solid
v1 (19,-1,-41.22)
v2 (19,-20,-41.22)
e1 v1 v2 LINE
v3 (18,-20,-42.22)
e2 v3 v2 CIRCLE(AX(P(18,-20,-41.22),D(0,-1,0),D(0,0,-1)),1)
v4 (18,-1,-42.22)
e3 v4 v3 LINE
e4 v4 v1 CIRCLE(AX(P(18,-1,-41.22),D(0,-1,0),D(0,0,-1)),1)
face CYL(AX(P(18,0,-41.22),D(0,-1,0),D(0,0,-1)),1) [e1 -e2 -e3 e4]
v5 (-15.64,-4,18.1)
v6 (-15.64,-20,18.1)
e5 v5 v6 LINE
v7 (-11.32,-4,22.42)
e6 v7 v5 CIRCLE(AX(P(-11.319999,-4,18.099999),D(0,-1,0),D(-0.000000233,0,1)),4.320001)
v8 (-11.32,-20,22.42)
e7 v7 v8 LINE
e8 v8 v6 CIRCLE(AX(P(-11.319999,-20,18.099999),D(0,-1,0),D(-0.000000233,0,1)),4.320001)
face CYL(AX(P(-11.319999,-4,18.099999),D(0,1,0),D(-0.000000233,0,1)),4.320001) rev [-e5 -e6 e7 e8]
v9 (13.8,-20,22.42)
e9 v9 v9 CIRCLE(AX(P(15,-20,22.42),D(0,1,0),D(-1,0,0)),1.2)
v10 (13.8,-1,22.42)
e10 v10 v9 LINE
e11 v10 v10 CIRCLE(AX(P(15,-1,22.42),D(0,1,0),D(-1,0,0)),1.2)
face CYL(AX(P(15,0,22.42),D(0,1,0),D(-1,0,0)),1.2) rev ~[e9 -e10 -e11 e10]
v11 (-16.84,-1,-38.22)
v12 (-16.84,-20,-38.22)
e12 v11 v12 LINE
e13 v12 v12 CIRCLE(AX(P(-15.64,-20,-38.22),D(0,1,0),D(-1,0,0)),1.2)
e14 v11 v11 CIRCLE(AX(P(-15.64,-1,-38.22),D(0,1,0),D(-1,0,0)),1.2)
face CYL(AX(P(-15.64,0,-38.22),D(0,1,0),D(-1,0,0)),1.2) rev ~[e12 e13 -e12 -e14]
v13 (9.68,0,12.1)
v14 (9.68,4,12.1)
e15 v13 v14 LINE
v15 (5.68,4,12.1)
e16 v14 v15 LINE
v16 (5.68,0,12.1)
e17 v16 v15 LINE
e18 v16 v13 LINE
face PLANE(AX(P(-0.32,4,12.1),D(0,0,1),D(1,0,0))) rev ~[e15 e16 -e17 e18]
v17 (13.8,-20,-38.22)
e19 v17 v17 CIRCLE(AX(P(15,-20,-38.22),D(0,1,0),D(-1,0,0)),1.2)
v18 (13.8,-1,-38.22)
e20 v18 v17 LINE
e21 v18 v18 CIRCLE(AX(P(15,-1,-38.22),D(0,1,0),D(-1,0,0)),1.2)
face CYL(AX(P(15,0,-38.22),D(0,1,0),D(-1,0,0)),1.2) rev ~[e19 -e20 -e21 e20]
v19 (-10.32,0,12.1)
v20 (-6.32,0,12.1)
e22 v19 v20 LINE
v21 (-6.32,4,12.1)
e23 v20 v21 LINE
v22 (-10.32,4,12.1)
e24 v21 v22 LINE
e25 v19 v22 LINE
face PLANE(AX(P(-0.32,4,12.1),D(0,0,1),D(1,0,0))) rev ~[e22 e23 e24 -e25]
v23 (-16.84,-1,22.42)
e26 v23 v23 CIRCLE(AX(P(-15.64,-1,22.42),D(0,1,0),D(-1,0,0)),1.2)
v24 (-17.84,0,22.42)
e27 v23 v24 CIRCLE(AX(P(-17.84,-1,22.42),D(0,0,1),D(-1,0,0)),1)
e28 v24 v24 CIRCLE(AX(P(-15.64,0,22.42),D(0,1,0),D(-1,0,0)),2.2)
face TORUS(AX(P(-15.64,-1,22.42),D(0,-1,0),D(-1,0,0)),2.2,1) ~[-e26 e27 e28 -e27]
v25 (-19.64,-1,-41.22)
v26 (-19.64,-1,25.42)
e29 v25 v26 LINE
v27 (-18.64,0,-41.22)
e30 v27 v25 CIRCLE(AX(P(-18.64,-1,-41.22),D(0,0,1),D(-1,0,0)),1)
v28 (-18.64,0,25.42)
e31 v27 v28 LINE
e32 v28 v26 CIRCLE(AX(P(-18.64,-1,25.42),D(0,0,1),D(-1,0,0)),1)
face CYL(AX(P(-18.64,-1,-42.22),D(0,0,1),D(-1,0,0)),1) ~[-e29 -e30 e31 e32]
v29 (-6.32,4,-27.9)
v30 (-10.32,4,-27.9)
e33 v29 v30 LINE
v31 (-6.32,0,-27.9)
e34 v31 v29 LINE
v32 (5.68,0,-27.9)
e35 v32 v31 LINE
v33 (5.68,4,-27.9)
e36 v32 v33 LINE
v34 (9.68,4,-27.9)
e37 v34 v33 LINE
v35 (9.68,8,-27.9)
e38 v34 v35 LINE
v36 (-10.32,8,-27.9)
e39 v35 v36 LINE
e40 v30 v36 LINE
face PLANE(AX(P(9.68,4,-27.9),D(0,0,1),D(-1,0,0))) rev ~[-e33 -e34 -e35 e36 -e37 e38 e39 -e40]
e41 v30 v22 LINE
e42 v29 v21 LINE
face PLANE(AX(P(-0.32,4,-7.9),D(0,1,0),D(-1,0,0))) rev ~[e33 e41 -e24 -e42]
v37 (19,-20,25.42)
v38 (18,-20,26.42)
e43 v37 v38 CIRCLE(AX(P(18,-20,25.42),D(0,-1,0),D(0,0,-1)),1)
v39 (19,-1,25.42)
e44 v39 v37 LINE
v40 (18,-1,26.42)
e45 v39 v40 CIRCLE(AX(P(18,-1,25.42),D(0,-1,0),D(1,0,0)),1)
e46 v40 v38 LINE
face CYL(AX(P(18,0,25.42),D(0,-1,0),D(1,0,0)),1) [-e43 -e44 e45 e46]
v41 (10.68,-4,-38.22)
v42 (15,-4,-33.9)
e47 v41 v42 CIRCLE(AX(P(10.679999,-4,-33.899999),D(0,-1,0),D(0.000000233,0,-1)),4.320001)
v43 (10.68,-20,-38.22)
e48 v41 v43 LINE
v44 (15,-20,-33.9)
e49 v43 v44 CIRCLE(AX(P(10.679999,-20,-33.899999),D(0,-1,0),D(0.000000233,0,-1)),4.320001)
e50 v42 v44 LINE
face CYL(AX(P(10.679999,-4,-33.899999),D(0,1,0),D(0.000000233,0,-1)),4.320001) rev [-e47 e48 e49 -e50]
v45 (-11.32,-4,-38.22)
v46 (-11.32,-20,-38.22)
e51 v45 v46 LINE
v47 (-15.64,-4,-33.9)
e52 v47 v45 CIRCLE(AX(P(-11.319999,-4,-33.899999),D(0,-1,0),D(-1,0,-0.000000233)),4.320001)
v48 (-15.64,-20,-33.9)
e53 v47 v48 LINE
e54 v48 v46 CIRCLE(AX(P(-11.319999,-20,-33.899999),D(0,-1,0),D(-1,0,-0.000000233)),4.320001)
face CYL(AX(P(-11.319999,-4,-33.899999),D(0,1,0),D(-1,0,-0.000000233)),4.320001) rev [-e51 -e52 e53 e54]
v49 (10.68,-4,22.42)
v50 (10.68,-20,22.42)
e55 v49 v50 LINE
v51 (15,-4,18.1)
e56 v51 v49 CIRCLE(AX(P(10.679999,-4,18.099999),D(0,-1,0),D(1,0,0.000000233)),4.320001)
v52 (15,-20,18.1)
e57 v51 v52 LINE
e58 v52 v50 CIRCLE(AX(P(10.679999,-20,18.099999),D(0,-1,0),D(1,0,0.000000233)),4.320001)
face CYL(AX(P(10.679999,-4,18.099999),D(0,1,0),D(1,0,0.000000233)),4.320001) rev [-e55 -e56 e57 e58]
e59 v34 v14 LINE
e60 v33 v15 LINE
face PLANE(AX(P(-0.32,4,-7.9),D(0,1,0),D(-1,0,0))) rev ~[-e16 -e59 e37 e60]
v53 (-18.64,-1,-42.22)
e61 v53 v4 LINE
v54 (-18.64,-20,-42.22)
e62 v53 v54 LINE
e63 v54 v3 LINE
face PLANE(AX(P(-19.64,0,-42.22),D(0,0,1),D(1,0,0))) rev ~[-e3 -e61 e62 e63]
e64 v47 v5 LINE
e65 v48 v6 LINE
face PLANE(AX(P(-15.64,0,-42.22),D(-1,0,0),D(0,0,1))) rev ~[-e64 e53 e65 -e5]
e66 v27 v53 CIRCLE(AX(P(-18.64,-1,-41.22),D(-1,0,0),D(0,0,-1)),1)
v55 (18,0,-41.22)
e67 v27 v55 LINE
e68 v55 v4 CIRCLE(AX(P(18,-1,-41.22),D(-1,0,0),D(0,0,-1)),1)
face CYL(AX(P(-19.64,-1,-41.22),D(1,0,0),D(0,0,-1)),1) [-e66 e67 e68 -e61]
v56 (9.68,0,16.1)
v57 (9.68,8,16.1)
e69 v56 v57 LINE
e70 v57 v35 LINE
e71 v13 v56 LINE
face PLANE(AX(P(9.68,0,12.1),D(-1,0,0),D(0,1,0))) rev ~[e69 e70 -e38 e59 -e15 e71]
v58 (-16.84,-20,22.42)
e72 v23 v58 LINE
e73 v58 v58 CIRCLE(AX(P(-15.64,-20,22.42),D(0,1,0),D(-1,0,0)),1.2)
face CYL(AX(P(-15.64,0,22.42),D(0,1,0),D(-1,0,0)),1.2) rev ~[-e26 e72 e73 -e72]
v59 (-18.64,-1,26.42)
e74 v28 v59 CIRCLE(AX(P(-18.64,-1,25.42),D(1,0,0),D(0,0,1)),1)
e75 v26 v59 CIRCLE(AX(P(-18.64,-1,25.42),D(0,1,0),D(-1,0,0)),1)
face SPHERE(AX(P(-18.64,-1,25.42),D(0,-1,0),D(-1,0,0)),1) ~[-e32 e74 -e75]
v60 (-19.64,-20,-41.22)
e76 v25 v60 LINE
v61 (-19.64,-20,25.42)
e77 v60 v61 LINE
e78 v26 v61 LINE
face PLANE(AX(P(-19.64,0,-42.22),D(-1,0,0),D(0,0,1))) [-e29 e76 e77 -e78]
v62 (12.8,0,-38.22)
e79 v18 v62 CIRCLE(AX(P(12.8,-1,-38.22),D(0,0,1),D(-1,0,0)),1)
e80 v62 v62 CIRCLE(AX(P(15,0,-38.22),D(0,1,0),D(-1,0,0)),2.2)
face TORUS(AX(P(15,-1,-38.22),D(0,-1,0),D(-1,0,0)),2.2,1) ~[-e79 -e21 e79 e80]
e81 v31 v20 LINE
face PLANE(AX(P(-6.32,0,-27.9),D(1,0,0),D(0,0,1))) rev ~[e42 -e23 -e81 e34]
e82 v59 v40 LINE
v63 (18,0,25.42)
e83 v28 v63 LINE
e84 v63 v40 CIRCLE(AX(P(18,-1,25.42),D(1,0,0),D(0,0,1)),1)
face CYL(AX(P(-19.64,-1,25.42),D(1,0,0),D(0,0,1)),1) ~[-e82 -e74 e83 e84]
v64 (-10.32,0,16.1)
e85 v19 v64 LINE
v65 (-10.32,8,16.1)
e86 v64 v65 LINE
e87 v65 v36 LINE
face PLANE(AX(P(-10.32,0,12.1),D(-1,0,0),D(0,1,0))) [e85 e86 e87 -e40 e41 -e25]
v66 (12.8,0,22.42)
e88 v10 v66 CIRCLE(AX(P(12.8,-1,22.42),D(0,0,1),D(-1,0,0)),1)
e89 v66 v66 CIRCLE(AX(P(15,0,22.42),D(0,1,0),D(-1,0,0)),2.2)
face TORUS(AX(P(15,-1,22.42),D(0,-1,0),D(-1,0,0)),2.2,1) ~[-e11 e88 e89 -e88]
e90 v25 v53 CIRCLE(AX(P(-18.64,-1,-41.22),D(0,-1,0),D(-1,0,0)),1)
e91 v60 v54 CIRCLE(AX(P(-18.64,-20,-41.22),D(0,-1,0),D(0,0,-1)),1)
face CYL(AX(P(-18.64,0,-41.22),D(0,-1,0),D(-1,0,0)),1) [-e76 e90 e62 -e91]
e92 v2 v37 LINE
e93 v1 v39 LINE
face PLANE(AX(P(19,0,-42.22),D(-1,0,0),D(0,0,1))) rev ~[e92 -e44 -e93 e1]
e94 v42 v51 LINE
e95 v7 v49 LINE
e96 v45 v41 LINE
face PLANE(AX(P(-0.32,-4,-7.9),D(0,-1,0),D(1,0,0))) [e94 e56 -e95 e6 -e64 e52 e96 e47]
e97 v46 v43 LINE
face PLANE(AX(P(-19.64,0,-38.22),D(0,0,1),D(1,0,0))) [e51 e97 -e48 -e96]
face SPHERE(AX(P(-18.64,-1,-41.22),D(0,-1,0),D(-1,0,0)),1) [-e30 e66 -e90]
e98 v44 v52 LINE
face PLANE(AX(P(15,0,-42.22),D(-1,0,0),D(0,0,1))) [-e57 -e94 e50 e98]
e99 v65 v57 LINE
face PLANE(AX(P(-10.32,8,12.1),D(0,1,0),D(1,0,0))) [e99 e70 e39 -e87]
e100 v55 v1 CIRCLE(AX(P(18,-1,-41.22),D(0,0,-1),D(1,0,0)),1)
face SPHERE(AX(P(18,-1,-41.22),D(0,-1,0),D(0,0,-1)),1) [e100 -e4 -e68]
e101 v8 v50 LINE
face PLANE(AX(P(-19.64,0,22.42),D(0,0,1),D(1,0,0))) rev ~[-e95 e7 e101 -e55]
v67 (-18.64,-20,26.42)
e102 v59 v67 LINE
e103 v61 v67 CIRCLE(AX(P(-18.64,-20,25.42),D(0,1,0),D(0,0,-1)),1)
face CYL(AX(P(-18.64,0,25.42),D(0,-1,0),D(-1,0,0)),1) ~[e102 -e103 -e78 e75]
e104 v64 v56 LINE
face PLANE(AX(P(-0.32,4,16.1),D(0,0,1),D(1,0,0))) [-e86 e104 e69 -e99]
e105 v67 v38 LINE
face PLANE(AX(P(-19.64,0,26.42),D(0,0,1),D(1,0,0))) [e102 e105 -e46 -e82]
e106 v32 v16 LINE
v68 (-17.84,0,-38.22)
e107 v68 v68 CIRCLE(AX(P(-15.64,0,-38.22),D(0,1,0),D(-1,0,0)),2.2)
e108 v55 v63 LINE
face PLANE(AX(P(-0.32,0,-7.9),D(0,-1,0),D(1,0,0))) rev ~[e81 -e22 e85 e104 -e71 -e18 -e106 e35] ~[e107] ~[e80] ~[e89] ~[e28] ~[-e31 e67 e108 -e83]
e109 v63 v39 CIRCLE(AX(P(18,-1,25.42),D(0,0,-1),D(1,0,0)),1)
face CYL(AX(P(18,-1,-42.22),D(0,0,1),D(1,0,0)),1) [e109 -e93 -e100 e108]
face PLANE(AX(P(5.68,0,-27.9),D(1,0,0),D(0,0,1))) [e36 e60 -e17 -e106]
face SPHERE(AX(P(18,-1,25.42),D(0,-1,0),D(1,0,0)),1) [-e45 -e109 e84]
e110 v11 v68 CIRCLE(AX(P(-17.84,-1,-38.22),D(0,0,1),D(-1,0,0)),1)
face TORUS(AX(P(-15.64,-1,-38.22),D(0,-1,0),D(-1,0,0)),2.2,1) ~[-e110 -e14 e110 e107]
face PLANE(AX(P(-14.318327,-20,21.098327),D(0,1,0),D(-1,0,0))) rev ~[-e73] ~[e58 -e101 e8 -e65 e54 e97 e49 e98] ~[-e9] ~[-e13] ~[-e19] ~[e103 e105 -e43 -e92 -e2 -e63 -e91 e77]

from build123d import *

# Parameters (mm, degrees)
SKETCH001_W   = 38.64
SKETCH001_H   = 68.64
PAD001_DEPTH  = 20
THICKNESS_T   = -4
FILLET002_R   = 1
PAD006_DEPTH  = 16
SKETCH013_R   = 1.2
HOLE002_DEPTH = 25
FILLET004_R   = 1
SKETCH018_W   = 12
SKETCH018_H   = 40
PAD008_DEPTH  = 4
SKETCH019_W   = 20
SKETCH019_H   = 40
PAD009_DEPTH  = 4
SKETCH020_W   = 20
SKETCH020_H   = 8
PAD010_DEPTH  = 4


with BuildPart() as part:
    # Sketch001 → Pad001 (new body)
    with BuildSketch(Plane.XZ):
        with Locations((-0.32, -7.9)):
            Rectangle(SKETCH001_W, SKETCH001_H)
    extrude(amount=PAD001_DEPTH)

    # Thickness
    thickness_openings = [part.faces().sort_by_distance(p)[0] for p in [
        (-0.32, -20, -7.9),
    ]]
    offset(amount=THICKNESS_T, openings=thickness_openings)

    # Fillet002
    fillet002_edges = [part.edges().sort_by_distance(p)[0] for p in [
        (-19.64, -10, 26.42),
        (19, -10, 26.42),
        (19, -10, -42.22),
        (-19.64, -10, -42.22),
        (-19.64, 0, -7.9),
        (-0.32, 0, -42.22),
        (19, 0, -7.9),
        (-0.32, 0, 26.42),
    ]]
    fillet(fillet002_edges, radius=FILLET002_R)

    # Sketch012 (on Face23 of Fillet002) → Pad006 (join)
    with BuildSketch(Plane.XZ.offset(4)):
        with BuildLine():
            ThreePointArc((-11.32, 22.42), (-14.374701, 21.154701), (-15.64, 18.1))
            Line((-15.64, 22.42), (-15.64, 18.1))
            Line((-11.32, 22.42), (-15.64, 22.42))
        make_face()
        with BuildLine():
            ThreePointArc((15, 18.1), (13.734701, 21.154701), (10.68, 22.42))
            Line((10.68, 22.42), (15, 22.42))
            Line((15, 22.42), (15, 18.1))
        make_face()
        with BuildLine():
            ThreePointArc((10.68, -38.22), (13.734701, -36.954701), (15, -33.9))
            Line((15, -38.22), (15, -33.9))
            Line((10.68, -38.22), (15, -38.22))
        make_face()
        with BuildLine():
            Line((-15.64, -38.22), (-15.64, -33.9))
            ThreePointArc((-15.64, -33.9), (-14.374701, -36.954701), (-11.32, -38.22))
            Line((-11.32, -38.22), (-15.64, -38.22))
        make_face()
    extrude(amount=PAD006_DEPTH)

    # Sketch013 (on Face12 of Pad006) → Hole002 (cut)
    with BuildSketch(Plane(origin=(0, 0, 0), x_dir=(-1, 0, 0), z_dir=(0, 1, 0))):
        with Locations((-15, 22.42)):
            Circle(SKETCH013_R)
        with Locations((15.64, 22.42)):
            Circle(SKETCH013_R)
        with Locations((-15, -38.22)):
            Circle(SKETCH013_R)
        with Locations((15.64, -38.22)):
            Circle(SKETCH013_R)
    extrude(amount=-HOLE002_DEPTH, mode=Mode.SUBTRACT)

    # Fillet004
    fillet004_edges = [part.edges().sort_by_distance(p)[0] for p in [
        (-16.84, 0, 22.42),
        (13.8, 0, 22.42),
        (13.8, 0, -38.22),
        (-16.84, 0, -38.22),
    ]]
    fillet(fillet004_edges, radius=FILLET004_R)

    # Sketch018 (on Face4 of Fillet004) → Pad008 (join)
    with BuildSketch(Plane(origin=(0, 0, 0), x_dir=(-1, 0, 0), z_dir=(0, 1, 0))):
        with Locations((0.32, -7.9)):
            Rectangle(SKETCH018_W, SKETCH018_H)
    extrude(amount=PAD008_DEPTH)

    # Sketch019 (on Face40 of Pad008) → Pad009 (join)
    with BuildSketch(Plane(origin=(0, 4, 0), x_dir=(-1, 0, 0), z_dir=(0, 1, 0))):
        with Locations((0.32, -7.9)):
            Rectangle(SKETCH019_W, SKETCH019_H)
    extrude(amount=PAD009_DEPTH)

    # Sketch020 (on Face44 of Pad009) → Pad010 (join)
    with BuildSketch(Plane.XY.offset(12.1)):
        with Locations((-0.32, 4)):
            Rectangle(SKETCH020_W, SKETCH020_H)
    extrude(amount=PAD010_DEPTH)


solid = part.part
